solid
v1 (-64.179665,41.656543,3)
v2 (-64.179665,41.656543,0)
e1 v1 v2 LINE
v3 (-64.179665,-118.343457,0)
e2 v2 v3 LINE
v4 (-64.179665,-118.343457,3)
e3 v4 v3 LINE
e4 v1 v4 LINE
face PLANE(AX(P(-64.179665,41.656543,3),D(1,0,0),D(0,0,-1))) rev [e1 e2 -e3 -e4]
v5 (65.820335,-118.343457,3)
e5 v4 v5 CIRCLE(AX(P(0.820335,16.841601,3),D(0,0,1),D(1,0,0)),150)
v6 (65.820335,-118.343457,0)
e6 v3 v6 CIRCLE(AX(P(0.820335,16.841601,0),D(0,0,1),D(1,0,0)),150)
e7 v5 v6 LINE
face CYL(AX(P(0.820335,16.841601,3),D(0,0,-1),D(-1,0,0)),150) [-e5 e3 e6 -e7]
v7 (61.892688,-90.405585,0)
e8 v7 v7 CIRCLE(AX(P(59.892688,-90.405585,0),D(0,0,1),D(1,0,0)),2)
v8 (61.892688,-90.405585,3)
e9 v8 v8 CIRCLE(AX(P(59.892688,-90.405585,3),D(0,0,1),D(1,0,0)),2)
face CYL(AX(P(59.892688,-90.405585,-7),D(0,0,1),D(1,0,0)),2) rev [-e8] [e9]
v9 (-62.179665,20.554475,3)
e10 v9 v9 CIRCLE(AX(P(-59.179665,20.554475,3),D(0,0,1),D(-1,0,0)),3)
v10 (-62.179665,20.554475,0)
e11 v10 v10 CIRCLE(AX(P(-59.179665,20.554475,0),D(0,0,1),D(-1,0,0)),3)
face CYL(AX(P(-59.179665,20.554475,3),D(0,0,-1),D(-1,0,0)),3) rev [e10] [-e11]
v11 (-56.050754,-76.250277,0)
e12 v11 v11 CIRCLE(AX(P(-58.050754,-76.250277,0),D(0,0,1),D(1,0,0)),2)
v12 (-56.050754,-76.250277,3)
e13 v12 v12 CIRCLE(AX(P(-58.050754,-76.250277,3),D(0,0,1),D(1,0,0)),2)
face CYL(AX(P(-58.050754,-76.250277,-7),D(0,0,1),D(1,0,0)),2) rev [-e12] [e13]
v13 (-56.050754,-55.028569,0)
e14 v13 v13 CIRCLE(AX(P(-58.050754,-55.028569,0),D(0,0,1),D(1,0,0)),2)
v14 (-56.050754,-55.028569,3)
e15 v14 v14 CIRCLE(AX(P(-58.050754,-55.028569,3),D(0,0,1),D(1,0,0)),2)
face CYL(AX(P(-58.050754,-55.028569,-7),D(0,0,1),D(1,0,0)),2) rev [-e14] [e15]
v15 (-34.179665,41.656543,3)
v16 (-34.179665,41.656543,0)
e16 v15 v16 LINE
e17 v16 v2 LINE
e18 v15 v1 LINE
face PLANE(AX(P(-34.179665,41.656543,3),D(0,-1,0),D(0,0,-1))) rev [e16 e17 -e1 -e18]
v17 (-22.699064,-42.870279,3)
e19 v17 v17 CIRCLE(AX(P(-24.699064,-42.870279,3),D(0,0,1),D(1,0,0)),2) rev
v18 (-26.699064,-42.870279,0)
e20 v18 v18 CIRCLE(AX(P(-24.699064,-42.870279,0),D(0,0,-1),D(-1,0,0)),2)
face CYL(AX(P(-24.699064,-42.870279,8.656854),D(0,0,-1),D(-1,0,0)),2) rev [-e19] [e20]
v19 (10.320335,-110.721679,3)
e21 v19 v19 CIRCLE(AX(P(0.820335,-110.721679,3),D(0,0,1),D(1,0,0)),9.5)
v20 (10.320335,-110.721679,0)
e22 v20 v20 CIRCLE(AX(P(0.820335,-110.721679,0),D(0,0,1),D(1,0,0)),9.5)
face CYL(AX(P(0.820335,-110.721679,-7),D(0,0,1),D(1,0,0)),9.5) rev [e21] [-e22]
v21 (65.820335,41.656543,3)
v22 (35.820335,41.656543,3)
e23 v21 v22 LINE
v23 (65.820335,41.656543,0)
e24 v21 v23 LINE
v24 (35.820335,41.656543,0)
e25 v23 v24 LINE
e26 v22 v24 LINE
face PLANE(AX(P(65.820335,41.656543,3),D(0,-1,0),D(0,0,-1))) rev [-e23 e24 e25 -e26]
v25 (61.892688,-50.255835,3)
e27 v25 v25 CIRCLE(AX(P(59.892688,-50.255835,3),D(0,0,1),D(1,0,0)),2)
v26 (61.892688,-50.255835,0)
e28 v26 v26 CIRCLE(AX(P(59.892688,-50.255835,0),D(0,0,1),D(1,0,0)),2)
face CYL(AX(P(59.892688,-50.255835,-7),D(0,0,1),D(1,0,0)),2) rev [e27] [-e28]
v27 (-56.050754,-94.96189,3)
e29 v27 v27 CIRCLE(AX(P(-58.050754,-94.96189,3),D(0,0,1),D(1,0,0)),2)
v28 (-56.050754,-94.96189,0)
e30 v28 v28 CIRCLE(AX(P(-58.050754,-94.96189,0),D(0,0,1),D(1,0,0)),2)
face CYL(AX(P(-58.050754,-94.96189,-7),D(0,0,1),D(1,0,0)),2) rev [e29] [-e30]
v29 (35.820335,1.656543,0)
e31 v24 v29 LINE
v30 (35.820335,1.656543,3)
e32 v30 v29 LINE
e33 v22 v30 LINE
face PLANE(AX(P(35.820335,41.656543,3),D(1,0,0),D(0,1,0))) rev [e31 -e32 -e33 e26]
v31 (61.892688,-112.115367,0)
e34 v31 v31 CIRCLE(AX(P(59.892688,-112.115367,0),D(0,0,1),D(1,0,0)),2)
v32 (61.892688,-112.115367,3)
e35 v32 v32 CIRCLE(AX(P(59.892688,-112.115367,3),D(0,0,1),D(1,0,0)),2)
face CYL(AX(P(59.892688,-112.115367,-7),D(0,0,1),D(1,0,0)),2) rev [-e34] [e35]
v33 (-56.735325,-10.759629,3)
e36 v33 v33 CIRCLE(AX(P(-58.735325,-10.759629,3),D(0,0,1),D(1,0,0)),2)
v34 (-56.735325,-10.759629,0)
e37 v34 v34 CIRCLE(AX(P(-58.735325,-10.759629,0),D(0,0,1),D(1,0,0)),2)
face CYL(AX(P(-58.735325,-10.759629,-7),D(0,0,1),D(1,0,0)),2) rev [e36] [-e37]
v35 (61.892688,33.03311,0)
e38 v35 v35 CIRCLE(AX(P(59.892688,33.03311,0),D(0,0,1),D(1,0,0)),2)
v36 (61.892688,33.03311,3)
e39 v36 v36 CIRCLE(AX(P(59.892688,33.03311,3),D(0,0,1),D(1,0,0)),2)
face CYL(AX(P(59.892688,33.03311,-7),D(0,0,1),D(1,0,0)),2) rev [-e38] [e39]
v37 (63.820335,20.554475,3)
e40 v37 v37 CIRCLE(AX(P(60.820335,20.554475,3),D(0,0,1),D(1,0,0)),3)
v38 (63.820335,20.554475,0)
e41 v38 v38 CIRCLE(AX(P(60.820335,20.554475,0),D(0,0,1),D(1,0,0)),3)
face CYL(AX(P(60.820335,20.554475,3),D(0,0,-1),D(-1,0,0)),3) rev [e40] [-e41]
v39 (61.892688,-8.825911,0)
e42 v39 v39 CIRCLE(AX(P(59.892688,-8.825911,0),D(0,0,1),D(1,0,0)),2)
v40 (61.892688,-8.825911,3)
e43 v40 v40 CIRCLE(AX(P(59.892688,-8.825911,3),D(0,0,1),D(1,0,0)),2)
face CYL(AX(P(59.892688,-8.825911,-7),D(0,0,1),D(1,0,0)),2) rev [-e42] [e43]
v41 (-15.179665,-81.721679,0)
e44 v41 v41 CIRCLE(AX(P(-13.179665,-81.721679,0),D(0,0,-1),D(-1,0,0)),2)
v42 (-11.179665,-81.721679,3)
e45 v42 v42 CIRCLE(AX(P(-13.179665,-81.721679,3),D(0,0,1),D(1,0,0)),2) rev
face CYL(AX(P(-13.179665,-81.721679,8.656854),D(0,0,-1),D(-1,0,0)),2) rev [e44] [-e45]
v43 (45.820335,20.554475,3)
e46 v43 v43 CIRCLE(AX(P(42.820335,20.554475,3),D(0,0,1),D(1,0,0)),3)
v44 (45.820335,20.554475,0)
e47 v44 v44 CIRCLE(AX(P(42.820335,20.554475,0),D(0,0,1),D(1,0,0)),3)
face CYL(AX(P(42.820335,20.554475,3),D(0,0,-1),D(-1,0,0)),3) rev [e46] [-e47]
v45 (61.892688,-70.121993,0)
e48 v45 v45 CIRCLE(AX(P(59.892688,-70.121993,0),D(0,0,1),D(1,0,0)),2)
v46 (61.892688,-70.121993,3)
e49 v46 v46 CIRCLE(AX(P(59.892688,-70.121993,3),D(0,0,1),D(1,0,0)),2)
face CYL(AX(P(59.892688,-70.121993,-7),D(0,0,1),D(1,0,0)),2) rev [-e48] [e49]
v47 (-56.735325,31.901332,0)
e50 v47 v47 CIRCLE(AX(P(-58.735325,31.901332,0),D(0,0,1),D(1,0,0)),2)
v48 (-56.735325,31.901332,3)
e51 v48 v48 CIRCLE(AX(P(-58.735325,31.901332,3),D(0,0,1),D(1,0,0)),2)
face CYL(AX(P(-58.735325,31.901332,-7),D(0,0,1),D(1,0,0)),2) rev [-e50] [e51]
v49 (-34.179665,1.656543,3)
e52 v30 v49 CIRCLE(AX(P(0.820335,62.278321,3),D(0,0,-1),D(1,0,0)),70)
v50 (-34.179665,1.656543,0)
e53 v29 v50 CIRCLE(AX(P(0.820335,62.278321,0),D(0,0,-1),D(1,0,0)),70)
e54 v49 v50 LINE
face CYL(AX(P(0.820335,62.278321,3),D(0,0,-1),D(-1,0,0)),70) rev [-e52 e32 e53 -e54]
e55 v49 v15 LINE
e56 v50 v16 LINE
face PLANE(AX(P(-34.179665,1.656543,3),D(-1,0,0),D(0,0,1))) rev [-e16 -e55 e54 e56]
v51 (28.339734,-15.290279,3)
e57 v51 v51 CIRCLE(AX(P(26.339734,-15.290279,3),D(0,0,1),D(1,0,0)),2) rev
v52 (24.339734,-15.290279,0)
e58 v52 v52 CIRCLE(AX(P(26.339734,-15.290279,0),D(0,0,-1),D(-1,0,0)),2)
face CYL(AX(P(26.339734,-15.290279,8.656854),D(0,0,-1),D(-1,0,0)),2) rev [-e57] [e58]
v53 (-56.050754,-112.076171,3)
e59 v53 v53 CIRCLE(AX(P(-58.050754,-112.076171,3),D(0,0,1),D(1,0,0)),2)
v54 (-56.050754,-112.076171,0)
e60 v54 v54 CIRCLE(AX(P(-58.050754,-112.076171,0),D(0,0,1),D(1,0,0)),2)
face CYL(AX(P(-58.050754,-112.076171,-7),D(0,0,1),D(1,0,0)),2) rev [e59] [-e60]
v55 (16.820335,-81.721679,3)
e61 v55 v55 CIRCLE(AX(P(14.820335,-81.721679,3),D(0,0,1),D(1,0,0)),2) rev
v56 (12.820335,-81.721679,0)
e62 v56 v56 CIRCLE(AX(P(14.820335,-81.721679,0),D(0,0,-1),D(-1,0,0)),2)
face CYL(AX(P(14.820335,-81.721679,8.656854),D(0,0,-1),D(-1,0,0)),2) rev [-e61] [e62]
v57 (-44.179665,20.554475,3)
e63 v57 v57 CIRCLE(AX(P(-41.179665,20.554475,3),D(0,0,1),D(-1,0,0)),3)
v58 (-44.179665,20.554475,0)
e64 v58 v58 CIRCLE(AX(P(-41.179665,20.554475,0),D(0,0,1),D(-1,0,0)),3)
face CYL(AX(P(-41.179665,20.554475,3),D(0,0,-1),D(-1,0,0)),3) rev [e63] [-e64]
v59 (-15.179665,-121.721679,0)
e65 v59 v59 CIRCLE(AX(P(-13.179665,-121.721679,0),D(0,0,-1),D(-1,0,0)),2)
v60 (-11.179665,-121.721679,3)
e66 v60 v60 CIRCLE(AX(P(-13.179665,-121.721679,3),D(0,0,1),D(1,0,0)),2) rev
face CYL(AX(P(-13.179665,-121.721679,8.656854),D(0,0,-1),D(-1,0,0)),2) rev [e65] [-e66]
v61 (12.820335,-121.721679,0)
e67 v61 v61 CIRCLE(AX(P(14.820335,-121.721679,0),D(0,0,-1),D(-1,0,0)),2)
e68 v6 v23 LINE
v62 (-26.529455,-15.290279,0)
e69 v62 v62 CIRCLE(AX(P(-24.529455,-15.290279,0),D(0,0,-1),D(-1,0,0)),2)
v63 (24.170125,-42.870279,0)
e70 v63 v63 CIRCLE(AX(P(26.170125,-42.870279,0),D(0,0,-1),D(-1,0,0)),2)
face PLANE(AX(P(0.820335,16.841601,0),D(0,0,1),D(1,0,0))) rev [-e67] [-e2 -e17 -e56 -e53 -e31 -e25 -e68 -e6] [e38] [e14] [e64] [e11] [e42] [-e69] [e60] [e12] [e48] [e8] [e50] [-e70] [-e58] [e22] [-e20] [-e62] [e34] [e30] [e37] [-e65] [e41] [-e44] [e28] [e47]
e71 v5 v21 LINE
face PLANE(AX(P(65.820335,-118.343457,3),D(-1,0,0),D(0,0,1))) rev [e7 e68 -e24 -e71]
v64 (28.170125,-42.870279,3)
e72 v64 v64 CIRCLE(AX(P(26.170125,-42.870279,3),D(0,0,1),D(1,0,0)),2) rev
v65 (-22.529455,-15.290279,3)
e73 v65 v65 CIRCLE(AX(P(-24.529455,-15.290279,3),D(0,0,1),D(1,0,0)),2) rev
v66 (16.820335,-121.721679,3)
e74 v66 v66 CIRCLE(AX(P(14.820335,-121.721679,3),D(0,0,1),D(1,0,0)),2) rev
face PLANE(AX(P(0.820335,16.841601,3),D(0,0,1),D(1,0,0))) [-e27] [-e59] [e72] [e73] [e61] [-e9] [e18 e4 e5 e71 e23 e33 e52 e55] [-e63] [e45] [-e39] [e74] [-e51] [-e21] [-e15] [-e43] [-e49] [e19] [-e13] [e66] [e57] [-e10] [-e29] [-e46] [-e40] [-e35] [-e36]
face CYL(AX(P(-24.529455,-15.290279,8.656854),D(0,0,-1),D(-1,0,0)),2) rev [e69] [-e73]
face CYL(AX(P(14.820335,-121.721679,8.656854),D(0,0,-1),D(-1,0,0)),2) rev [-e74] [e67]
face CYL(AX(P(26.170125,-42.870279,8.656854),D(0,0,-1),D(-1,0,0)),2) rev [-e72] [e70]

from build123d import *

# Parameters (mm, degrees)
SKETCH1_R           = 3
BOSS_EXTRUDE2_DEPTH = 3
SKETCH4_R           = 9.5
CUT_EXTRUDE2_DEPTH  = 10
SKETCH5_R           = 2
CUT_EXTRUDE3_DEPTH  = 3
SKETCH6_R           = 2
CUT_EXTRUDE4_DEPTH  = 3
SKETCH7_R           = 2
CUT_EXTRUDE5_DEPTH  = 10


with BuildPart() as part:
    # Sketch1 → Boss-Extrude2 (new body)
    with BuildSketch(Plane.XY):
        with BuildLine():
            Line((-34.17966517, 1.656542757), (-34.17966517, 41.656542757))
            Line((-34.17966517, 41.656542757), (-64.17966517, 41.656542757))
            Line((-64.17966517, 41.656542757), (-64.17966517, -118.343457243))
            ThreePointArc((-64.17966517, -118.343457243), (0.82033483, -133.158398897), (65.82033483, -118.343457243))
            Line((65.82033483, -118.343457243), (65.82033483, 41.656542757))
            Line((65.82033483, 41.656542757), (35.82033483, 41.656542757))
            Line((35.82033483, 41.656542757), (35.82033483, 1.656542757))
            ThreePointArc((35.82033483, 1.656542757), (0.82033483, -7.721678978), (-34.17966517, 1.656542757))
        make_face()
        with Locations((60.82033483, 20.554474708)):
            Circle(SKETCH1_R, mode=Mode.SUBTRACT)
        with Locations((42.82033483, 20.554474708)):
            Circle(SKETCH1_R, mode=Mode.SUBTRACT)
        with Locations(Location((-59.17966517, 20.554474708, 0), (0, 0, 180))):
            Circle(SKETCH1_R, mode=Mode.SUBTRACT)
        with Locations(Location((-41.17966517, 20.554474708, 0), (0, 0, 180))):
            Circle(SKETCH1_R, mode=Mode.SUBTRACT)
    extrude(amount=BOSS_EXTRUDE2_DEPTH)

    # Sketch4 → Cut-Extrude2 (cut)
    with BuildSketch(Plane.XY.offset(3)):
        with Locations((0.82033483, -110.721678978)):
            Circle(SKETCH4_R)
    extrude(amount=-CUT_EXTRUDE2_DEPTH, mode=Mode.SUBTRACT)

    # Sketch5 → Cut-Extrude3 (cut)
    with BuildSketch(Plane(origin=(0, 0, 0), x_dir=(-1, 0, 0), z_dir=(0, 0, -1))):
        with Locations((-14.82033483, -121.721678978)):
            Circle(SKETCH5_R)
        with Locations((-14.82033483, -81.721678978)):
            Circle(SKETCH5_R)
        with Locations((13.17966517, -81.721678978)):
            Circle(SKETCH5_R)
        with Locations((13.17966517, -121.721678978)):
            Circle(SKETCH5_R)
    extrude(amount=-CUT_EXTRUDE3_DEPTH, mode=Mode.SUBTRACT)

    # Sketch6 → Cut-Extrude4 (cut)
    with BuildSketch(Plane(origin=(0, 0, 0), x_dir=(-1, 0, 0), z_dir=(0, 0, -1))):
        with Locations((-26.170124502, -42.870278614)):
            Circle(SKETCH6_R)
        with Locations((-26.339734066, -15.290278614)):
            Circle(SKETCH6_R)
        with Locations((24.529454842, -15.290278614)):
            Circle(SKETCH6_R)
        with Locations((24.699064406, -42.870278614)):
            Circle(SKETCH6_R)
    extrude(amount=-CUT_EXTRUDE4_DEPTH, mode=Mode.SUBTRACT)

    # Sketch7 → Cut-Extrude5 (cut)
    with BuildSketch(Plane.XY.offset(3)):
        with Locations((-58.050753667, -112.076170868)):
            Circle(SKETCH7_R)
        with Locations((-58.050753667, -94.961890213)):
            Circle(SKETCH7_R)
        with Locations((-58.050753667, -76.250276697)):
            Circle(SKETCH7_R)
        with Locations((-58.050753667, -55.028568685)):
            Circle(SKETCH7_R)
        with Locations((-58.735324893, -10.759629391)):
            Circle(SKETCH7_R)
        with Locations((-58.735324893, 31.901332055)):
            Circle(SKETCH7_R)
        with Locations((59.892687825, -112.115366711)):
            Circle(SKETCH7_R)
        with Locations((59.892687825, -90.405584769)):
            Circle(SKETCH7_R)
        with Locations((59.892687825, -70.121992882)):
            Circle(SKETCH7_R)
        with Locations((59.892687825, -50.255835401)):
            Circle(SKETCH7_R)
        with Locations((59.892687825, -8.825910752)):
            Circle(SKETCH7_R)
        with Locations((59.892687825, 33.03311017)):
            Circle(SKETCH7_R)
    extrude(amount=-CUT_EXTRUDE5_DEPTH, mode=Mode.SUBTRACT)


solid = part.part
